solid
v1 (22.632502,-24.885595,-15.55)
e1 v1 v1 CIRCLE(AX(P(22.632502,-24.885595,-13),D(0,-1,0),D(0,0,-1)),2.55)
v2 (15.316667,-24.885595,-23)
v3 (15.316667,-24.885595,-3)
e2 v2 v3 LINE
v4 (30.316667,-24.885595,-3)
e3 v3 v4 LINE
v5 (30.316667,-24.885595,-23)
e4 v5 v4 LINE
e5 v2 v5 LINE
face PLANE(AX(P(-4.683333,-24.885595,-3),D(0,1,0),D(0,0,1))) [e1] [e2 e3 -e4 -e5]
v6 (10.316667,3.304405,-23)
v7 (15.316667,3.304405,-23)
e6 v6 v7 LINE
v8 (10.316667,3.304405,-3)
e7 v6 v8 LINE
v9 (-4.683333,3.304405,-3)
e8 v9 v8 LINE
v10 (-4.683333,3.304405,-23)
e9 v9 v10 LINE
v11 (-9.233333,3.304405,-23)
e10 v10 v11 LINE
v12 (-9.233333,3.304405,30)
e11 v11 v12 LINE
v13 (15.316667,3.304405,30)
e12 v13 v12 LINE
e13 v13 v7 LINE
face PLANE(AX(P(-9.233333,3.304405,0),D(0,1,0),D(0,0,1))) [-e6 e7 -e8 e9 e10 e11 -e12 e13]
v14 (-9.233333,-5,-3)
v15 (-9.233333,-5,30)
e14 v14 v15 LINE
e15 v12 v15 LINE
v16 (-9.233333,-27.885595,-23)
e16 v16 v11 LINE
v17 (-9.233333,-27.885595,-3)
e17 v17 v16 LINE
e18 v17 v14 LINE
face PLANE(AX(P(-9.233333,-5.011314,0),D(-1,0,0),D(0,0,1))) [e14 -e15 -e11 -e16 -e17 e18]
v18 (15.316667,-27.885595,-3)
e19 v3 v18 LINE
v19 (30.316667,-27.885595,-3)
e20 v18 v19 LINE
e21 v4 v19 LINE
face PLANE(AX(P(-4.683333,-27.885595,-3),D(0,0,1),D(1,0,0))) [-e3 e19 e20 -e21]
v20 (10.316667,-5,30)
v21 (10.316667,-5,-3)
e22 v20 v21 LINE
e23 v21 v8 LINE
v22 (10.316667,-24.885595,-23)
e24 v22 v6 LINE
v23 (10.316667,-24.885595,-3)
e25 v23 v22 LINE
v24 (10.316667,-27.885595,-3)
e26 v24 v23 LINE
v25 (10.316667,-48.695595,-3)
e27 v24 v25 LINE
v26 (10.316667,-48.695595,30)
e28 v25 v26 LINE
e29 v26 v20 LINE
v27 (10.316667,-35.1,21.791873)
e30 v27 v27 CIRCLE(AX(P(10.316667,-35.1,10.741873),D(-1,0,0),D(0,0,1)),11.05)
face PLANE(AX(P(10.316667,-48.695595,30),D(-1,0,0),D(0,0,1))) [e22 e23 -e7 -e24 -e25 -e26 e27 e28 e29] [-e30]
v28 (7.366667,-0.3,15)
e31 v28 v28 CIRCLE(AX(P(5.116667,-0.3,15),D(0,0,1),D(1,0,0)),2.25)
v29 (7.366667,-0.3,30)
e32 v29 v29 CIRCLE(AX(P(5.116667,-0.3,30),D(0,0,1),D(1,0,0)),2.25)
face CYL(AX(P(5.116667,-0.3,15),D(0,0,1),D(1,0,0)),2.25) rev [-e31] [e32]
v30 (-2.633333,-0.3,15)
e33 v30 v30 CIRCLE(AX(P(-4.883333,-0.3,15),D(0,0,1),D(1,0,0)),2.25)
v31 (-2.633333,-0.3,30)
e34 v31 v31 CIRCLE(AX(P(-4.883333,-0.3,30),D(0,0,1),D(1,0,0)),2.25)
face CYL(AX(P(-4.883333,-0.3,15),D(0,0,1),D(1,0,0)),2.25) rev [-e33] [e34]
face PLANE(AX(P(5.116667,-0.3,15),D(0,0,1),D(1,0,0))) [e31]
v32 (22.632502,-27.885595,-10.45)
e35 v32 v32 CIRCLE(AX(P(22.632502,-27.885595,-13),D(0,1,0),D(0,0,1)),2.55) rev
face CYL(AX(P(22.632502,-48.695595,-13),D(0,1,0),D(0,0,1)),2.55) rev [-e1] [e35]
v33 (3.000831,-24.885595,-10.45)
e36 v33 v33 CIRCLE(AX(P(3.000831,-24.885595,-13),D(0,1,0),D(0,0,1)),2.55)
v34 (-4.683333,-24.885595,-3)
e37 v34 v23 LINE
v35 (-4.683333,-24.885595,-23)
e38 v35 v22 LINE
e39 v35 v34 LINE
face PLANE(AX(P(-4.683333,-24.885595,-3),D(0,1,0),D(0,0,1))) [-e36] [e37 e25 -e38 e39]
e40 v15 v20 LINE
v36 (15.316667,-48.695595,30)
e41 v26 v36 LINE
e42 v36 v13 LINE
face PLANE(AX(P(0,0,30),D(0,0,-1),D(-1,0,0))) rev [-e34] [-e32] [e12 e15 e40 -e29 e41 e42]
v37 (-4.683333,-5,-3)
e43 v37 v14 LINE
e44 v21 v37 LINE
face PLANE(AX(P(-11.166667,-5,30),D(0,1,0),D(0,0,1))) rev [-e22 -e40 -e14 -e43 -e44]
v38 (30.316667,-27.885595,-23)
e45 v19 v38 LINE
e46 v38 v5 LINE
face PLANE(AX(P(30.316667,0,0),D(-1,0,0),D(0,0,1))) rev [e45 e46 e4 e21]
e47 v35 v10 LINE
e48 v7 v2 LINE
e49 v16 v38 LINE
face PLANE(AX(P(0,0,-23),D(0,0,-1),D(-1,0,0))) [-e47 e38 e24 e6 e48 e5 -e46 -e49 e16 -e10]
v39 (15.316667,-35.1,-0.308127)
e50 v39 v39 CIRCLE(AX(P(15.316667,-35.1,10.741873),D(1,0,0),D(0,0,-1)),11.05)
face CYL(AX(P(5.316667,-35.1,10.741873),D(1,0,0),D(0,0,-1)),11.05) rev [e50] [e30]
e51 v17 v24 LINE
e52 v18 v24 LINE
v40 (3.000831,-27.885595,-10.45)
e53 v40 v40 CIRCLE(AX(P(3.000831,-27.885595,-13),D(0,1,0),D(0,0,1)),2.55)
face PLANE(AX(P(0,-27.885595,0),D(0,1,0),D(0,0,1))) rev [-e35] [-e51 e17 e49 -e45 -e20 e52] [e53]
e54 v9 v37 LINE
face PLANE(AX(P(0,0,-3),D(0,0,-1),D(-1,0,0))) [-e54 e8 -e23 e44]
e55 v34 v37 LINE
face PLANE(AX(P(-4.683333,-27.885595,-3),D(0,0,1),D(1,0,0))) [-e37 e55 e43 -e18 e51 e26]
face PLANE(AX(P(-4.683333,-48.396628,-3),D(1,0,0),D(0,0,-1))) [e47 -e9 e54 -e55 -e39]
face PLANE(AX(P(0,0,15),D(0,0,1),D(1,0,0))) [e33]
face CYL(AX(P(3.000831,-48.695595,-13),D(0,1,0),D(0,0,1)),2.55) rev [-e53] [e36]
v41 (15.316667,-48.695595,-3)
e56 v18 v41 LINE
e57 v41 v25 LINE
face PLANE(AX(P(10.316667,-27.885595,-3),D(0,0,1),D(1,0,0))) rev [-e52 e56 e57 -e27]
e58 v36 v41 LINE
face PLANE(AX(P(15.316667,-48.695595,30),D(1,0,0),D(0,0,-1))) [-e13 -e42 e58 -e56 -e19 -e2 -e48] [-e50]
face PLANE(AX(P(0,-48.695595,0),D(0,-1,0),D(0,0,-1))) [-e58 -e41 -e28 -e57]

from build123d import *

# Parameters (mm, degrees)
SKETCH_1_W           = 22.333333334
SKETCH_1_H           = 10
EXTRUDE_1_DEPTH      = 30
SKETCH_4_W           = 1.083333334
SKETCH_4_H           = 30
CUT_EXTRUDE_1_DEPTH  = 30
SKETCH_3_R           = 2.25
CUT_EXTRUDE_2_DEPTH  = 15
SKETCH_5_OUTSIDE_W   = 30.87
SKETCH_5_OUTSIDE_H   = 19.62
SKETCH_5_OUTSIDE_W_2 = 18.7
SKETCH_5_OUTSIDE_H_2 = 8.315719237
CUT_EXTRUDE_3_DEPTH  = 30
SKETCH_10_W          = 18.7
SKETCH_10_H          = 8.304405234
EXTRUDE_2_DEPTH      = 18
SKETCH_11_W          = 20
SKETCH_11_H          = 2.687046706
CUT_EXTRUDE_5_DEPTH  = 36.702801011
CUT_EXTRUDE_6_DEPTH  = 32.955789688
SKETCH_13_W          = 18.7
SKETCH_13_H          = 5
EXTRUDE_3_DEPTH      = 5.617358528
SKETCH_15_W          = 18.7
SKETCH_15_H          = 25
CUT_EXTRUDE_7_DEPTH  = 33.535840608
SKETCH_18_W          = 28
SKETCH_18_H          = 8.304405234
EXTRUDE_5_DEPTH      = 0.85
SKETCH_20_W          = 5
SKETCH_20_H          = 28
EXTRUDE_6_DEPTH      = 52
EXTRUDE_7_DEPTH      = 5
SKETCH_22_R          = 10
CUT_EXTRUDE_8_DEPTH  = 63.24117166
EXTRUDE_8_DEPTH      = 20
SKETCH_30_W          = 5
SKETCH_30_H          = 20
CUT_EXTRUDE_10_DEPTH = 20.81
EXTRUDE_9_DEPTH      = 15
EXTRUDE_9_DEPTH_BACK = 20
SKETCH_31_W          = 20
SKETCH_31_H          = 3
SKETCH_32_R          = 2.55
CUT_EXTRUDE_11_DEPTH = 52.125105162
SKETCH_33_W          = 4.55
SKETCH_33_H          = 20
EXTRUDE_10_DEPTH     = 31.19
SKETCH_34_R          = 11.05
CUT_EXTRUDE_12_DEPTH = 10


with BuildPart() as part:
    # 草图1 → 凸台-拉伸1 (new body)
    with BuildSketch(Plane.XY):
        Rectangle(SKETCH_1_W, SKETCH_1_H)
    extrude(amount=EXTRUDE_1_DEPTH)

    # 草图4 → 切除-拉伸1 (cut)
    with BuildSketch(Plane.XZ.offset(5)):
        with Locations((-10.625, 15)):
            Rectangle(SKETCH_4_W, SKETCH_4_H)
    extrude(amount=-CUT_EXTRUDE_1_DEPTH, mode=Mode.SUBTRACT)

    # 草图3 → 切除-拉伸2 (cut)
    with BuildSketch(Plane.XY.offset(30)):
        with Locations((-4.883333333, -0.3)):
            Circle(SKETCH_3_R)
        with Locations((5.116666667, -0.3)):
            Circle(SKETCH_3_R)
    extrude(amount=-CUT_EXTRUDE_2_DEPTH, mode=Mode.SUBTRACT)

    # 草图5 outside → 切除-拉伸3 (cut)
    with BuildSketch(Plane.XY.offset(30)):
        with Locations((0.542, 0)):
            Rectangle(SKETCH_5_OUTSIDE_W, SKETCH_5_OUTSIDE_H)
        with Locations((0.116666667, -0.853454385)):
            Rectangle(SKETCH_5_OUTSIDE_W_2, SKETCH_5_OUTSIDE_H_2, mode=Mode.SUBTRACT)
    extrude(amount=-CUT_EXTRUDE_3_DEPTH, mode=Mode.SUBTRACT)

    # 草图10 → 凸台-拉伸2 (add)
    with BuildSketch(Plane(origin=(0, 0, 0), x_dir=(-1, 0, 0), z_dir=(0, 0, -1))):
        with Locations((-0.116666667, -0.847797383)):
            Rectangle(SKETCH_10_W, SKETCH_10_H)
    extrude(amount=EXTRUDE_2_DEPTH)

    # 草图11 → 切除-拉伸5 (cut, through all)
    with BuildSketch(Plane(origin=(9.466666667, 0, 0), x_dir=(0, 0, -1), z_dir=(1, 0, 0))):
        with Locations((8, -3.656476647)):
            Rectangle(SKETCH_11_W, SKETCH_11_H)
    extrude(amount=-CUT_EXTRUDE_5_DEPTH, mode=Mode.SUBTRACT)

    # 草图12 → 切除-拉伸6 (cut, through all)
    with BuildSketch(Plane.XZ.offset(2.312953294)):
        with BuildLine():
            ThreePointArc((-2.185193673, -12.99813966), (-4.733333333, -10.45), (-7.281472993, -12.99813966))
            Line((-7.281472993, -12.99813966), (-2.185193673, -12.99813966))
        make_face()
        with BuildLine():
            Line((-2.185193673, -12.99813966), (-7.281472993, -12.99813966))
            ThreePointArc((-7.281472993, -12.99813966), (-4.733333333, -15.54627932), (-2.185193673, -12.99813966))
        make_face()
        with BuildLine():
            ThreePointArc((7.514806327, -12.99813966), (4.966666667, -10.45), (2.418527007, -12.99813966))
            Line((2.418527007, -12.99813966), (7.514806327, -12.99813966))
        make_face()
        with BuildLine():
            Line((7.514806327, -12.99813966), (2.418527007, -12.99813966))
            ThreePointArc((2.418527007, -12.99813966), (4.966666667, -15.54627932), (7.514806327, -12.99813966))
        make_face()
    extrude(amount=-CUT_EXTRUDE_6_DEPTH, mode=Mode.SUBTRACT)

    # 草图13 → 凸台-拉伸3 (add)
    with BuildSketch(Plane(origin=(0, 3.304405234, 0), x_dir=(1, 0, 0), z_dir=(0, 1, 0))):
        with Locations((0.116666667, 20.5)):
            Rectangle(SKETCH_13_W, SKETCH_13_H)
    extrude(amount=-EXTRUDE_3_DEPTH)

    # 草图15 → 切除-拉伸7 (cut, through all)
    with BuildSketch(Plane.XZ.offset(5)):
        with Locations((0.116666667, -10.5)):
            Rectangle(SKETCH_15_W, SKETCH_15_H)
    extrude(amount=-CUT_EXTRUDE_7_DEPTH, mode=Mode.SUBTRACT)

    # 草图18 → 凸台-拉伸5 (add)
    with BuildSketch(Plane(origin=(9.466666667, 0, 0), x_dir=(0, 0, -1), z_dir=(1, 0, 0))):
        with Locations((-16, -0.847797383)):
            Rectangle(SKETCH_18_W, SKETCH_18_H)
    extrude(amount=EXTRUDE_5_DEPTH)

    # 草图20 → 凸台-拉伸6 (add)
    with BuildSketch(Plane(origin=(0, 3.304405234, 0), x_dir=(1, 0, 0), z_dir=(0, 1, 0))):
        with Locations((12.816666667, -16)):
            Rectangle(SKETCH_20_W, SKETCH_20_H)
    extrude(amount=-EXTRUDE_6_DEPTH)

    # 草图23 → 凸台-拉伸7 (add)
    with BuildSketch(Plane(origin=(0, 0, 2), x_dir=(-1, 0, 0), z_dir=(0, 0, -1))):
        Polygon((9.233333333, 3.304405234), (-15.316666667, 3.304405234), (-15.316666667, -48.695594766), (-10.316666667, -48.695594766), (-10.316666667, -5), (9.233333333, -5), align=None)
    extrude(amount=EXTRUDE_7_DEPTH)

    # 草图22 → 切除-拉伸8 (cut, through all)
    with BuildSketch(Plane(origin=(15.316666667, 0, 0), x_dir=(0, 0, -1), z_dir=(1, 0, 0))):
        with Locations((-10.741872617, -35.1)):
            Circle(SKETCH_22_R)
    extrude(amount=-CUT_EXTRUDE_8_DEPTH, mode=Mode.SUBTRACT)

    # 草图24 → 凸台-拉伸8 (add)
    with BuildSketch(Plane(origin=(0, 0, -3), x_dir=(-1, 0, 0), z_dir=(0, 0, -1))):
        Polygon((-10.316666667, -5), (-10.316666667, 3.304405234), (-15.316666667, 3.304405234), (-15.316666667, -48.695594766), (-10.316666667, -48.695594766), align=None)
    extrude(amount=EXTRUDE_8_DEPTH)

    # 草图30 → 切除-拉伸10 (cut)
    with BuildSketch(Plane.XZ.offset(48.695594766)):
        with Locations((12.816666667, -13)):
            Rectangle(SKETCH_30_W, SKETCH_30_H)
    extrude(amount=-CUT_EXTRUDE_10_DEPTH, mode=Mode.SUBTRACT)

    # 草图31 → 凸台-拉伸9 (add, two sides: drawn at the far end of the back side and taken through both)
    with BuildSketch(Plane(origin=(15.316666667, 0, 0), x_dir=(0, 0, -1), z_dir=(1, 0, 0)).offset(-EXTRUDE_9_DEPTH_BACK)):
        with Locations((13, -26.385594766)):
            Rectangle(SKETCH_31_W, SKETCH_31_H)
    extrude(amount=EXTRUDE_9_DEPTH + EXTRUDE_9_DEPTH_BACK)

    # 草图32 → 切除-拉伸11 (cut, through all)
    with BuildSketch(Plane(origin=(0, -24.885594766, 0), x_dir=(1, 0, 0), z_dir=(0, 1, 0))):
        with Locations(Location((3.000831302, 13, 0), (0, 0, 270))):
            Circle(SKETCH_32_R)
        with Locations(Location((22.632502032, 13, 0), (0, 0, 270))):
            Circle(SKETCH_32_R)
    extrude(amount=-CUT_EXTRUDE_11_DEPTH, mode=Mode.SUBTRACT)

    # 草图33 → 凸台-拉伸10 (add)
    with BuildSketch(Plane(origin=(0, 3.304405234, 0), x_dir=(1, 0, 0), z_dir=(0, 1, 0))):
        with Locations((-6.958333333, 13)):
            Rectangle(SKETCH_33_W, SKETCH_33_H)
    extrude(amount=-EXTRUDE_10_DEPTH)

    # 草图34 → 切除-拉伸12 (cut)
    with BuildSketch(Plane(origin=(15.316666667, 0, 0), x_dir=(0, 0, -1), z_dir=(1, 0, 0))):
        with Locations((-10.741872617, -35.1)):
            Circle(SKETCH_34_R)
    extrude(amount=-CUT_EXTRUDE_12_DEPTH, mode=Mode.SUBTRACT)


solid = part.part
